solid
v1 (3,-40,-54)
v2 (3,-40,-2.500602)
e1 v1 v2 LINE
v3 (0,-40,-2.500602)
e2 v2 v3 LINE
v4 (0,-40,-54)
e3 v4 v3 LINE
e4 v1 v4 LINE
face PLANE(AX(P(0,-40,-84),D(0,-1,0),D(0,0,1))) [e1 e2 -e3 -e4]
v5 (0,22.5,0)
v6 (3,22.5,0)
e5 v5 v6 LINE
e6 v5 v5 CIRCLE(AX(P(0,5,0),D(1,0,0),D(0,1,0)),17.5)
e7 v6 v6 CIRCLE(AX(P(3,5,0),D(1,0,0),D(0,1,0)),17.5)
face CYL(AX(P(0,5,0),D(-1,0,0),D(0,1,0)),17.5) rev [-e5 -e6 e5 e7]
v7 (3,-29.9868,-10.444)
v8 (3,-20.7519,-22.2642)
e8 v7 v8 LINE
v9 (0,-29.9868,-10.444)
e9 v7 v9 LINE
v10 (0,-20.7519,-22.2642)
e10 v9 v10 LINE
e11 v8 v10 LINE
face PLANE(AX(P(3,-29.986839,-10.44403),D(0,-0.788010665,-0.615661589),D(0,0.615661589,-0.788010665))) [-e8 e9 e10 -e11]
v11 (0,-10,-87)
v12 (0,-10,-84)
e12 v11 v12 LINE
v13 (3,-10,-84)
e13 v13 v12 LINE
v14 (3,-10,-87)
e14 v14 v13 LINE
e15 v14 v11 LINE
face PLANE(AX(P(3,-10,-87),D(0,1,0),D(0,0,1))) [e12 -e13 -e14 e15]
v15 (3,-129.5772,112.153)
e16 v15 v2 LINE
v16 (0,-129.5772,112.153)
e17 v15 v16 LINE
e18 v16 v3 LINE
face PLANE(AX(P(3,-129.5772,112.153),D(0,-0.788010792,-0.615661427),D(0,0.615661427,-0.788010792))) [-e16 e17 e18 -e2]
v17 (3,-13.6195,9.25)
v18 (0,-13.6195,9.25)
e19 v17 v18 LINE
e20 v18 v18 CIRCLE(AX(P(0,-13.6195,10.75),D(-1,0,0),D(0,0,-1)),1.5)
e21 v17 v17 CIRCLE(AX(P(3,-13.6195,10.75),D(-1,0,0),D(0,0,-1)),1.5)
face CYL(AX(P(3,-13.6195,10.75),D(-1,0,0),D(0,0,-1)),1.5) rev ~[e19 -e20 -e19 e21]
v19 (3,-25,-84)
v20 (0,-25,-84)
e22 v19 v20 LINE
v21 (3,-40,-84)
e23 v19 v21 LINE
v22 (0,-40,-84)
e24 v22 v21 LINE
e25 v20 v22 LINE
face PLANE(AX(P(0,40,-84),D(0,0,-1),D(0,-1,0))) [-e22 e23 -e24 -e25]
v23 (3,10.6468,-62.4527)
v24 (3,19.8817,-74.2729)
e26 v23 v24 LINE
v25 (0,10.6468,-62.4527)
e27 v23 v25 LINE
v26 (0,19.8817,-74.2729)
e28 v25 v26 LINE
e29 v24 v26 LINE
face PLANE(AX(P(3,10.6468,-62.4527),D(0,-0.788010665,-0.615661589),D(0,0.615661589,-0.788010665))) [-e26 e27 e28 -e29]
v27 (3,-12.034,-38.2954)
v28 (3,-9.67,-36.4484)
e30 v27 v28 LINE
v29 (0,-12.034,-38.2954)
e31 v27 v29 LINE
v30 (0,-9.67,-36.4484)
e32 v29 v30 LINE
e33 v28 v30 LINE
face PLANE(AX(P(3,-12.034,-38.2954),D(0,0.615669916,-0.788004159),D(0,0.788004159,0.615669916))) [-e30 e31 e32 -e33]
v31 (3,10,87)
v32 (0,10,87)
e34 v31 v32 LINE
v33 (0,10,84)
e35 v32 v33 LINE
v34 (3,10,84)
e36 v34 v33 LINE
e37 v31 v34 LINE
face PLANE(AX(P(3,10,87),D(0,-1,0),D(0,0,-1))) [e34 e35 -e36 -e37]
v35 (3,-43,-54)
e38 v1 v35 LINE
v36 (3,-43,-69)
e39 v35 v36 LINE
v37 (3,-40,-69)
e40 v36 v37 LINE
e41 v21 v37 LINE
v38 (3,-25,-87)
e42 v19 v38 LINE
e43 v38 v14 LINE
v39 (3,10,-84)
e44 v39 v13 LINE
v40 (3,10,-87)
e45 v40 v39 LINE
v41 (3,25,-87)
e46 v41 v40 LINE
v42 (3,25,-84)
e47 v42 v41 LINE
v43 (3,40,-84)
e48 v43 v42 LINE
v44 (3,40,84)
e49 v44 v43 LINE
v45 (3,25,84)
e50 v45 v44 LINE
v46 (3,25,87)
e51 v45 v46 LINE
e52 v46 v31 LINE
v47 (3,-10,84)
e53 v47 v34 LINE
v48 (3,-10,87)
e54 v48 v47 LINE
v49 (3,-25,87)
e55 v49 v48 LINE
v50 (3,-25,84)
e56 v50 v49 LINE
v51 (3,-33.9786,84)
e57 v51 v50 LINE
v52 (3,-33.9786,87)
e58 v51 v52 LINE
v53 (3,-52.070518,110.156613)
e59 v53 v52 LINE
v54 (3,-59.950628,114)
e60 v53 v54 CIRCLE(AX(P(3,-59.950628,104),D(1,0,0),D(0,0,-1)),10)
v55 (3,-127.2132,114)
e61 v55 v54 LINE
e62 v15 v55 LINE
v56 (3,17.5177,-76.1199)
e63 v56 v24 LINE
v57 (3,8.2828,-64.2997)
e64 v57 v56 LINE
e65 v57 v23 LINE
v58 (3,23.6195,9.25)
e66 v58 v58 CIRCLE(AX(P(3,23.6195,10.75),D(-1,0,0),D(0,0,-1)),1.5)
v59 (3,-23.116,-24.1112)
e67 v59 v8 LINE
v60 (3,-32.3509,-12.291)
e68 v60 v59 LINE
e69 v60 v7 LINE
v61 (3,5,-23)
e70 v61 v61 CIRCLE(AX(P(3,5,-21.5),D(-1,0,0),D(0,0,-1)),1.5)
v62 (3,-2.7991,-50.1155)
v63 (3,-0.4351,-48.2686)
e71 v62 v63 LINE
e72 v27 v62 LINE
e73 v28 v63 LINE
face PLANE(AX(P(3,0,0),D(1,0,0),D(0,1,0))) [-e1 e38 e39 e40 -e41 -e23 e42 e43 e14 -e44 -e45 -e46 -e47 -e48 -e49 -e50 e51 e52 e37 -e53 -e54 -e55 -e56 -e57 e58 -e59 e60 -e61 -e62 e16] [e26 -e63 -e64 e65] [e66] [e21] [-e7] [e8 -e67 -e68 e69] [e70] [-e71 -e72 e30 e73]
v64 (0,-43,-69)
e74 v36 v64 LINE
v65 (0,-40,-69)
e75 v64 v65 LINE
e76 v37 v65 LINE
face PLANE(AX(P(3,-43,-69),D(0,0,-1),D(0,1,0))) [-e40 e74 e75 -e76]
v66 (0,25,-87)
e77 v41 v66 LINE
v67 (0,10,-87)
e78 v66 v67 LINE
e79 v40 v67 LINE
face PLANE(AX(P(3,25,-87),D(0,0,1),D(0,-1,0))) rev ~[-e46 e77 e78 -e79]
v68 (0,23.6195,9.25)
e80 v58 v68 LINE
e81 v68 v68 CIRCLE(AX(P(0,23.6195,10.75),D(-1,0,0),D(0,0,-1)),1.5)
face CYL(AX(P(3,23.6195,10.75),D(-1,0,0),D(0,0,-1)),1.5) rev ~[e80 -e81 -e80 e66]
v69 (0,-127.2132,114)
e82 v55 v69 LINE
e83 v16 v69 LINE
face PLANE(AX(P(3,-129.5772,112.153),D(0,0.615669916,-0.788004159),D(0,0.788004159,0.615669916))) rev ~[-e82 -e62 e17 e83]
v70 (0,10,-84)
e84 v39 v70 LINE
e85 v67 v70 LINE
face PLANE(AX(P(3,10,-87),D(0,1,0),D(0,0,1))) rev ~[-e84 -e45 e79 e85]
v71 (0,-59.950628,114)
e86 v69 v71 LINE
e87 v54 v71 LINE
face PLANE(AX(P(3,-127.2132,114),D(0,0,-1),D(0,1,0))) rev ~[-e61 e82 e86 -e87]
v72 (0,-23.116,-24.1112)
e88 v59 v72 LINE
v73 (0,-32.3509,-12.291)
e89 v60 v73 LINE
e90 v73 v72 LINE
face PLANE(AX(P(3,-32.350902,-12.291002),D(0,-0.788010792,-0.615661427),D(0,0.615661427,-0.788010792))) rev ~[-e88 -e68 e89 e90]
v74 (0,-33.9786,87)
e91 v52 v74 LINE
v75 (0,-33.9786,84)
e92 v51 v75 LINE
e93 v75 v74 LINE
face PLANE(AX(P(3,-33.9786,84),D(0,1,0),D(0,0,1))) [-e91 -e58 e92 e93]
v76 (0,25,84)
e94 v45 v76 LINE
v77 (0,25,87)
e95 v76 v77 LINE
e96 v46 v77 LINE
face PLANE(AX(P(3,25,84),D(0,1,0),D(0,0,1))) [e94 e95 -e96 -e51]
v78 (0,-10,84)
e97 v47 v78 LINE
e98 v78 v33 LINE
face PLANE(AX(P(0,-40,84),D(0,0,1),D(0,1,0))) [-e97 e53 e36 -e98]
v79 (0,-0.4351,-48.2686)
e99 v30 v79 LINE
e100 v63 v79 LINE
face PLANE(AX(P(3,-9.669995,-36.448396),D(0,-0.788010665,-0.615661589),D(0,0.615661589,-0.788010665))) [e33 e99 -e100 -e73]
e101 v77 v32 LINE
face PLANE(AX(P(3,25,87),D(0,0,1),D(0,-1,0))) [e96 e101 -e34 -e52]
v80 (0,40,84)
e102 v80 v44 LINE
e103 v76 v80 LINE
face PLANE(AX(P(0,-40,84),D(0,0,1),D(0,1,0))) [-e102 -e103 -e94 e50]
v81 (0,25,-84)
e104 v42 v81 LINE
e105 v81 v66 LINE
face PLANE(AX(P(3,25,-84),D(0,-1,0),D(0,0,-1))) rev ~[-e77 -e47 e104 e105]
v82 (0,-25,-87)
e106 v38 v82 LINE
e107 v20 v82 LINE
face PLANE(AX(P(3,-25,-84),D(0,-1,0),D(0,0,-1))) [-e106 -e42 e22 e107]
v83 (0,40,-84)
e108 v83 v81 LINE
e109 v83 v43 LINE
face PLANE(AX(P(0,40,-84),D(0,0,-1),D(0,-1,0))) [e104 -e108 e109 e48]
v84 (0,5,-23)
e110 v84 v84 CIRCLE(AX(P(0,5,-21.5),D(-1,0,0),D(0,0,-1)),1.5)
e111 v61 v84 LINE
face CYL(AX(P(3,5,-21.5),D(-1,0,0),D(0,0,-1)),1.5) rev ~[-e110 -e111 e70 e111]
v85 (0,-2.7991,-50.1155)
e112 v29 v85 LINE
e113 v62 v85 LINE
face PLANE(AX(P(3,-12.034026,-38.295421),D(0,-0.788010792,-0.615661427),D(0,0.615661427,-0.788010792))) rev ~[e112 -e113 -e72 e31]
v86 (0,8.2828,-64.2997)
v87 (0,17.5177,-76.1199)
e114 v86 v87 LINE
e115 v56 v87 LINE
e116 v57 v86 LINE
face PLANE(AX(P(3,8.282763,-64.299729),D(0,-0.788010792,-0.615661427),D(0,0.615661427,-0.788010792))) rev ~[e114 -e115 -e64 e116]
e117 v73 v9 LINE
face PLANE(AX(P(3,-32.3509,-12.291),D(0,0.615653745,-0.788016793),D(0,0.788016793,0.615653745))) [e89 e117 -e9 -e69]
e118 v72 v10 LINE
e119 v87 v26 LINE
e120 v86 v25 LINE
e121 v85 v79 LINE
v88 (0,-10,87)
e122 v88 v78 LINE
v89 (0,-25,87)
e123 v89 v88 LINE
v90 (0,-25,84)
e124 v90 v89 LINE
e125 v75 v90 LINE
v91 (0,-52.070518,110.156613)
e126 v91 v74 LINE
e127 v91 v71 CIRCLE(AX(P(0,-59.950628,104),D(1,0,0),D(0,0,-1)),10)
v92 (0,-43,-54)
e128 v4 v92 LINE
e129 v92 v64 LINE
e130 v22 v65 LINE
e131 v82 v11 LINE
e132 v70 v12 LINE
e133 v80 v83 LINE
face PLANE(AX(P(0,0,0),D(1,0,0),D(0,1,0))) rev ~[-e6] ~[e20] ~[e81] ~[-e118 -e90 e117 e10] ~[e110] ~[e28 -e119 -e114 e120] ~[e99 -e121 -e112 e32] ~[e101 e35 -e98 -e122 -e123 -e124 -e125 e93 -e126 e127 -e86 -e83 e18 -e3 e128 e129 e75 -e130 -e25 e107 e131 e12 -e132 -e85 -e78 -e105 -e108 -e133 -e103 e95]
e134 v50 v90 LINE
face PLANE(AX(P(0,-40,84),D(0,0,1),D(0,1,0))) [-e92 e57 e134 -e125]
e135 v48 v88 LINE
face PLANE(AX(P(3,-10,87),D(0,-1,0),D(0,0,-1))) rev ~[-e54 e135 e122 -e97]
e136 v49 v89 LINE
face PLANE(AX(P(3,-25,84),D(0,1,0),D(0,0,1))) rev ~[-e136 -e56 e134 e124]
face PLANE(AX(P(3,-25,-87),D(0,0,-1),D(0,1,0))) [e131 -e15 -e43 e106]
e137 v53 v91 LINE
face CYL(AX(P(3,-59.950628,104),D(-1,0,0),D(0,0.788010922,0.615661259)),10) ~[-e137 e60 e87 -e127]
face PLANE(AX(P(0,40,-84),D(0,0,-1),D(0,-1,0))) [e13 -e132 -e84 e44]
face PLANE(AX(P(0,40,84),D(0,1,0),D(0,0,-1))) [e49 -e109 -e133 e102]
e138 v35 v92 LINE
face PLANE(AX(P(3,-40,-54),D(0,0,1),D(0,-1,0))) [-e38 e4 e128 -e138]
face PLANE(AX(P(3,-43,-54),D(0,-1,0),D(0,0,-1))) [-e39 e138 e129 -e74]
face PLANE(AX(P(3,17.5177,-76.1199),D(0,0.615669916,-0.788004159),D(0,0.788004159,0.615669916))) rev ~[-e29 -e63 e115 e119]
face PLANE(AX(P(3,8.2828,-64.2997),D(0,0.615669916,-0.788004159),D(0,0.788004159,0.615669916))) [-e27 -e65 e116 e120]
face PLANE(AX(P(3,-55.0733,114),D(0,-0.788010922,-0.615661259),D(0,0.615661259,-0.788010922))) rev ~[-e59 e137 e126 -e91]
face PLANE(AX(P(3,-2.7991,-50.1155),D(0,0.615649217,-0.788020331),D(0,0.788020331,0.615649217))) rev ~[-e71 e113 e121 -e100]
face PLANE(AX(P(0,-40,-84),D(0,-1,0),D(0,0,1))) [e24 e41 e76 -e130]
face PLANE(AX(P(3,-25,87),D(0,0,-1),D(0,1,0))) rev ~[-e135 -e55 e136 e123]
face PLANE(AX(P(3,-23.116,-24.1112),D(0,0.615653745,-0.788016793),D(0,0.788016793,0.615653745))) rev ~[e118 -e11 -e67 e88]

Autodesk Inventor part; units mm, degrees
ref_plane "YZ Plane" through (0, 0, 0) normal (1, 0, 0) x (0, 1, 0)
ref_plane "XZ Plane" through (0, 0, 0) normal (0, 1, 0) x (-1, 0, 0)
ref_plane "XY Plane" through (0, 0, 0) normal (0, 0, 1) x (1, 0, 0)
sketch "Sketch1" plane through (0, 0, 0) normal (1, 0, 0) x (0, 1, 0)
  line L0 (-40, 84) -> (40, 84)
  line L1 (40, 84) -> (40, -84)
  line L2 (40, -84) -> (-40, -84)
  line L3 (-40, -84) -> (-40, 84)
  line L4 (-40, 84) -> (40, -84) construction
  line L5 (40, 84) -> (-40, -84) construction
  circle A0 centre (5, 0) radius 17.5
  point P0 (0, 0)
  dimension "d0" = 35
  dimension "d5" = 35
  dimension "d6" = 80
  dimension "d7" = 168
  dimension "d8" = 84
extrude "Extrusion1" add sketch "Sketch1" along normal blind 3
sketch "Sketch2" plane through (3, 0, 0) normal (1, 0, 0) x (0, 0, -1)
  circle A0 centre (0, 5) radius 17.5 projected
  circle A1 centre (0, 5) radius 21.5 construction
  line L0 (0, -66.71) -> (0, 54.4228) construction
  line L1 (0, 5) -> (51.042, 5) construction
  point P0 (0, 0)
  point P1 (21.5, 5)
  point P2 (-10.75, 23.6195)
  point P3 (-10.75, -13.6195)
  dimension "d11" = 43
  dimension "d14" = 360
hole "Hole1" at (3, 5, -21.5) at (3, 23.6195, 10.75) at (3, -13.6195, 10.75) direction (-1, 0, 0) diameter 3 depth 10 tip angle 118
sketch "Sketch5" plane through (3, 0, 0) normal (1, 0, 0) x (0, 0, -1)
  circle A0 centre (0, 5) radius 17.5 projected
  circle A1 centre (0, 5) radius 31 construction
  line L0 (-114, -127.2132) -> (84, 27.4814)
  line L1 (84, -40) -> (84, 40) projected
  line L2 (-84, -40) -> (84, -40) projected
  line L3 (-112.153, -129.5772) -> (84, 23.6743)
  line L4 (76.1199, 17.5177) -> (74.2729, 19.8817)
  line L5 (64.2997, 8.2828) -> (62.4527, 10.6468)
  line L6 (-84, 40) -> (-84, -40) projected
  line L7 (-114, -55.0733) -> (-87, -33.9786)
  line L8 (-112.153, -129.5772) -> (-114, -127.2132)
  line L9 (-114, -127.2132) -> (-114, -55.0733)
  line L10 (84, 40) -> (-84, 40) projected
  line L11 (38.2954, -12.034) -> (36.4484, -9.67)
  line L12 (50.1155, -2.7991) -> (48.2686, -0.4351)
  line L13 (12.291, -32.3509) -> (10.444, -29.9868)
  line L14 (24.1112, -23.116) -> (22.2642, -20.7519)
  line L15 (-84, -33.9786) -> (-87, -33.9786)
  line L16 (-87, -33.9786) -> (-87, 40) construction
  line L17 (-84, 40) -> (-87, 40) construction
  point P0 (0, 0)
  point P1 (11.0887, -29.6815)
  point P2 (12.9357, -32.0456)
  point P3 (2.5006, -40)
  dimension "d24" = 62
  dimension "d25" = 38
  dimension "d27" = 3
  dimension "d28" = 10
  dimension "d33" = 30
  dimension "d37" = 15
  dimension "d40" = 3
  dimension "d43" = 33
  dimension "d54" = 3
  dimension "d56" = 55
extrude "Extrusion2" cut sketch "Sketch5" against normal blind 10 contours L0 L14 L3 L13 | L0 L12 L3 L11 | L0 L4 L3 L5
extrude "Extrusion3" add sketch "Sketch5" against normal up to surface (3 mm away) contours L2 L3 L8 L0 | L0 L9 L7 L15 L6 L2
fillet "Fillet1" radius 10 1 edges at (1.5, -55.0733, 114)
sketch "Sketch8" plane through (3, 0, 0) normal (1, 0, 0) x (0, 0, -1)
  line L0 (84, -25) -> (87, -25)
  line L1 (87, -25) -> (87, -10)
  line L2 (87, -10) -> (84, -10)
  line L3 (84, -10) -> (84, -25)
  line L4 (84, -40) -> (84, 40) projected
  line L5 (84, -40) -> (84, 40) projected
  line L6 (84, 0) -> (0, 0) construction
  line L7 (84, 25) -> (87, 25)
  line L8 (87, 25) -> (87, 10)
  line L9 (87, 10) -> (84, 10)
  line L10 (84, 10) -> (84, 25)
  line L11 (84, 40) -> (-84, 40) construction
  line L12 (0, 40) -> (0, 0) construction
  line L13 (-84, -25) -> (-87, -25)
  line L14 (-87, -25) -> (-87, -10)
  line L15 (-87, -10) -> (-84, -10)
  line L16 (-84, -10) -> (-84, -25)
  line L17 (-87, 25) -> (-87, 10)
  line L18 (-87, 10) -> (-84, 10)
  line L19 (-84, 25) -> (-87, 25)
  line L20 (-84, 10) -> (-84, 25)
  line L21 (69, -40) -> (54, -40)
  line L22 (54, -40) -> (54, -43)
  line L23 (54, -43) -> (69, -43)
  line L24 (69, -43) -> (69, -40)
  line L25 (2.5006, -40) -> (84, -40) projected
  point P0 (-84, 0)
  dimension "d57" = 3
  dimension "d58" = 15
  dimension "d59" = 15
  dimension "d62" = 3
  dimension "d63" = 15
  dimension "d64" = 15
extrude "Extrusion5" add sketch "Sketch8" against normal up to surface (3 mm away)
equation "\"d8\" = 0.5 * d7"
properties part number "Soporte_Rodamientos"
